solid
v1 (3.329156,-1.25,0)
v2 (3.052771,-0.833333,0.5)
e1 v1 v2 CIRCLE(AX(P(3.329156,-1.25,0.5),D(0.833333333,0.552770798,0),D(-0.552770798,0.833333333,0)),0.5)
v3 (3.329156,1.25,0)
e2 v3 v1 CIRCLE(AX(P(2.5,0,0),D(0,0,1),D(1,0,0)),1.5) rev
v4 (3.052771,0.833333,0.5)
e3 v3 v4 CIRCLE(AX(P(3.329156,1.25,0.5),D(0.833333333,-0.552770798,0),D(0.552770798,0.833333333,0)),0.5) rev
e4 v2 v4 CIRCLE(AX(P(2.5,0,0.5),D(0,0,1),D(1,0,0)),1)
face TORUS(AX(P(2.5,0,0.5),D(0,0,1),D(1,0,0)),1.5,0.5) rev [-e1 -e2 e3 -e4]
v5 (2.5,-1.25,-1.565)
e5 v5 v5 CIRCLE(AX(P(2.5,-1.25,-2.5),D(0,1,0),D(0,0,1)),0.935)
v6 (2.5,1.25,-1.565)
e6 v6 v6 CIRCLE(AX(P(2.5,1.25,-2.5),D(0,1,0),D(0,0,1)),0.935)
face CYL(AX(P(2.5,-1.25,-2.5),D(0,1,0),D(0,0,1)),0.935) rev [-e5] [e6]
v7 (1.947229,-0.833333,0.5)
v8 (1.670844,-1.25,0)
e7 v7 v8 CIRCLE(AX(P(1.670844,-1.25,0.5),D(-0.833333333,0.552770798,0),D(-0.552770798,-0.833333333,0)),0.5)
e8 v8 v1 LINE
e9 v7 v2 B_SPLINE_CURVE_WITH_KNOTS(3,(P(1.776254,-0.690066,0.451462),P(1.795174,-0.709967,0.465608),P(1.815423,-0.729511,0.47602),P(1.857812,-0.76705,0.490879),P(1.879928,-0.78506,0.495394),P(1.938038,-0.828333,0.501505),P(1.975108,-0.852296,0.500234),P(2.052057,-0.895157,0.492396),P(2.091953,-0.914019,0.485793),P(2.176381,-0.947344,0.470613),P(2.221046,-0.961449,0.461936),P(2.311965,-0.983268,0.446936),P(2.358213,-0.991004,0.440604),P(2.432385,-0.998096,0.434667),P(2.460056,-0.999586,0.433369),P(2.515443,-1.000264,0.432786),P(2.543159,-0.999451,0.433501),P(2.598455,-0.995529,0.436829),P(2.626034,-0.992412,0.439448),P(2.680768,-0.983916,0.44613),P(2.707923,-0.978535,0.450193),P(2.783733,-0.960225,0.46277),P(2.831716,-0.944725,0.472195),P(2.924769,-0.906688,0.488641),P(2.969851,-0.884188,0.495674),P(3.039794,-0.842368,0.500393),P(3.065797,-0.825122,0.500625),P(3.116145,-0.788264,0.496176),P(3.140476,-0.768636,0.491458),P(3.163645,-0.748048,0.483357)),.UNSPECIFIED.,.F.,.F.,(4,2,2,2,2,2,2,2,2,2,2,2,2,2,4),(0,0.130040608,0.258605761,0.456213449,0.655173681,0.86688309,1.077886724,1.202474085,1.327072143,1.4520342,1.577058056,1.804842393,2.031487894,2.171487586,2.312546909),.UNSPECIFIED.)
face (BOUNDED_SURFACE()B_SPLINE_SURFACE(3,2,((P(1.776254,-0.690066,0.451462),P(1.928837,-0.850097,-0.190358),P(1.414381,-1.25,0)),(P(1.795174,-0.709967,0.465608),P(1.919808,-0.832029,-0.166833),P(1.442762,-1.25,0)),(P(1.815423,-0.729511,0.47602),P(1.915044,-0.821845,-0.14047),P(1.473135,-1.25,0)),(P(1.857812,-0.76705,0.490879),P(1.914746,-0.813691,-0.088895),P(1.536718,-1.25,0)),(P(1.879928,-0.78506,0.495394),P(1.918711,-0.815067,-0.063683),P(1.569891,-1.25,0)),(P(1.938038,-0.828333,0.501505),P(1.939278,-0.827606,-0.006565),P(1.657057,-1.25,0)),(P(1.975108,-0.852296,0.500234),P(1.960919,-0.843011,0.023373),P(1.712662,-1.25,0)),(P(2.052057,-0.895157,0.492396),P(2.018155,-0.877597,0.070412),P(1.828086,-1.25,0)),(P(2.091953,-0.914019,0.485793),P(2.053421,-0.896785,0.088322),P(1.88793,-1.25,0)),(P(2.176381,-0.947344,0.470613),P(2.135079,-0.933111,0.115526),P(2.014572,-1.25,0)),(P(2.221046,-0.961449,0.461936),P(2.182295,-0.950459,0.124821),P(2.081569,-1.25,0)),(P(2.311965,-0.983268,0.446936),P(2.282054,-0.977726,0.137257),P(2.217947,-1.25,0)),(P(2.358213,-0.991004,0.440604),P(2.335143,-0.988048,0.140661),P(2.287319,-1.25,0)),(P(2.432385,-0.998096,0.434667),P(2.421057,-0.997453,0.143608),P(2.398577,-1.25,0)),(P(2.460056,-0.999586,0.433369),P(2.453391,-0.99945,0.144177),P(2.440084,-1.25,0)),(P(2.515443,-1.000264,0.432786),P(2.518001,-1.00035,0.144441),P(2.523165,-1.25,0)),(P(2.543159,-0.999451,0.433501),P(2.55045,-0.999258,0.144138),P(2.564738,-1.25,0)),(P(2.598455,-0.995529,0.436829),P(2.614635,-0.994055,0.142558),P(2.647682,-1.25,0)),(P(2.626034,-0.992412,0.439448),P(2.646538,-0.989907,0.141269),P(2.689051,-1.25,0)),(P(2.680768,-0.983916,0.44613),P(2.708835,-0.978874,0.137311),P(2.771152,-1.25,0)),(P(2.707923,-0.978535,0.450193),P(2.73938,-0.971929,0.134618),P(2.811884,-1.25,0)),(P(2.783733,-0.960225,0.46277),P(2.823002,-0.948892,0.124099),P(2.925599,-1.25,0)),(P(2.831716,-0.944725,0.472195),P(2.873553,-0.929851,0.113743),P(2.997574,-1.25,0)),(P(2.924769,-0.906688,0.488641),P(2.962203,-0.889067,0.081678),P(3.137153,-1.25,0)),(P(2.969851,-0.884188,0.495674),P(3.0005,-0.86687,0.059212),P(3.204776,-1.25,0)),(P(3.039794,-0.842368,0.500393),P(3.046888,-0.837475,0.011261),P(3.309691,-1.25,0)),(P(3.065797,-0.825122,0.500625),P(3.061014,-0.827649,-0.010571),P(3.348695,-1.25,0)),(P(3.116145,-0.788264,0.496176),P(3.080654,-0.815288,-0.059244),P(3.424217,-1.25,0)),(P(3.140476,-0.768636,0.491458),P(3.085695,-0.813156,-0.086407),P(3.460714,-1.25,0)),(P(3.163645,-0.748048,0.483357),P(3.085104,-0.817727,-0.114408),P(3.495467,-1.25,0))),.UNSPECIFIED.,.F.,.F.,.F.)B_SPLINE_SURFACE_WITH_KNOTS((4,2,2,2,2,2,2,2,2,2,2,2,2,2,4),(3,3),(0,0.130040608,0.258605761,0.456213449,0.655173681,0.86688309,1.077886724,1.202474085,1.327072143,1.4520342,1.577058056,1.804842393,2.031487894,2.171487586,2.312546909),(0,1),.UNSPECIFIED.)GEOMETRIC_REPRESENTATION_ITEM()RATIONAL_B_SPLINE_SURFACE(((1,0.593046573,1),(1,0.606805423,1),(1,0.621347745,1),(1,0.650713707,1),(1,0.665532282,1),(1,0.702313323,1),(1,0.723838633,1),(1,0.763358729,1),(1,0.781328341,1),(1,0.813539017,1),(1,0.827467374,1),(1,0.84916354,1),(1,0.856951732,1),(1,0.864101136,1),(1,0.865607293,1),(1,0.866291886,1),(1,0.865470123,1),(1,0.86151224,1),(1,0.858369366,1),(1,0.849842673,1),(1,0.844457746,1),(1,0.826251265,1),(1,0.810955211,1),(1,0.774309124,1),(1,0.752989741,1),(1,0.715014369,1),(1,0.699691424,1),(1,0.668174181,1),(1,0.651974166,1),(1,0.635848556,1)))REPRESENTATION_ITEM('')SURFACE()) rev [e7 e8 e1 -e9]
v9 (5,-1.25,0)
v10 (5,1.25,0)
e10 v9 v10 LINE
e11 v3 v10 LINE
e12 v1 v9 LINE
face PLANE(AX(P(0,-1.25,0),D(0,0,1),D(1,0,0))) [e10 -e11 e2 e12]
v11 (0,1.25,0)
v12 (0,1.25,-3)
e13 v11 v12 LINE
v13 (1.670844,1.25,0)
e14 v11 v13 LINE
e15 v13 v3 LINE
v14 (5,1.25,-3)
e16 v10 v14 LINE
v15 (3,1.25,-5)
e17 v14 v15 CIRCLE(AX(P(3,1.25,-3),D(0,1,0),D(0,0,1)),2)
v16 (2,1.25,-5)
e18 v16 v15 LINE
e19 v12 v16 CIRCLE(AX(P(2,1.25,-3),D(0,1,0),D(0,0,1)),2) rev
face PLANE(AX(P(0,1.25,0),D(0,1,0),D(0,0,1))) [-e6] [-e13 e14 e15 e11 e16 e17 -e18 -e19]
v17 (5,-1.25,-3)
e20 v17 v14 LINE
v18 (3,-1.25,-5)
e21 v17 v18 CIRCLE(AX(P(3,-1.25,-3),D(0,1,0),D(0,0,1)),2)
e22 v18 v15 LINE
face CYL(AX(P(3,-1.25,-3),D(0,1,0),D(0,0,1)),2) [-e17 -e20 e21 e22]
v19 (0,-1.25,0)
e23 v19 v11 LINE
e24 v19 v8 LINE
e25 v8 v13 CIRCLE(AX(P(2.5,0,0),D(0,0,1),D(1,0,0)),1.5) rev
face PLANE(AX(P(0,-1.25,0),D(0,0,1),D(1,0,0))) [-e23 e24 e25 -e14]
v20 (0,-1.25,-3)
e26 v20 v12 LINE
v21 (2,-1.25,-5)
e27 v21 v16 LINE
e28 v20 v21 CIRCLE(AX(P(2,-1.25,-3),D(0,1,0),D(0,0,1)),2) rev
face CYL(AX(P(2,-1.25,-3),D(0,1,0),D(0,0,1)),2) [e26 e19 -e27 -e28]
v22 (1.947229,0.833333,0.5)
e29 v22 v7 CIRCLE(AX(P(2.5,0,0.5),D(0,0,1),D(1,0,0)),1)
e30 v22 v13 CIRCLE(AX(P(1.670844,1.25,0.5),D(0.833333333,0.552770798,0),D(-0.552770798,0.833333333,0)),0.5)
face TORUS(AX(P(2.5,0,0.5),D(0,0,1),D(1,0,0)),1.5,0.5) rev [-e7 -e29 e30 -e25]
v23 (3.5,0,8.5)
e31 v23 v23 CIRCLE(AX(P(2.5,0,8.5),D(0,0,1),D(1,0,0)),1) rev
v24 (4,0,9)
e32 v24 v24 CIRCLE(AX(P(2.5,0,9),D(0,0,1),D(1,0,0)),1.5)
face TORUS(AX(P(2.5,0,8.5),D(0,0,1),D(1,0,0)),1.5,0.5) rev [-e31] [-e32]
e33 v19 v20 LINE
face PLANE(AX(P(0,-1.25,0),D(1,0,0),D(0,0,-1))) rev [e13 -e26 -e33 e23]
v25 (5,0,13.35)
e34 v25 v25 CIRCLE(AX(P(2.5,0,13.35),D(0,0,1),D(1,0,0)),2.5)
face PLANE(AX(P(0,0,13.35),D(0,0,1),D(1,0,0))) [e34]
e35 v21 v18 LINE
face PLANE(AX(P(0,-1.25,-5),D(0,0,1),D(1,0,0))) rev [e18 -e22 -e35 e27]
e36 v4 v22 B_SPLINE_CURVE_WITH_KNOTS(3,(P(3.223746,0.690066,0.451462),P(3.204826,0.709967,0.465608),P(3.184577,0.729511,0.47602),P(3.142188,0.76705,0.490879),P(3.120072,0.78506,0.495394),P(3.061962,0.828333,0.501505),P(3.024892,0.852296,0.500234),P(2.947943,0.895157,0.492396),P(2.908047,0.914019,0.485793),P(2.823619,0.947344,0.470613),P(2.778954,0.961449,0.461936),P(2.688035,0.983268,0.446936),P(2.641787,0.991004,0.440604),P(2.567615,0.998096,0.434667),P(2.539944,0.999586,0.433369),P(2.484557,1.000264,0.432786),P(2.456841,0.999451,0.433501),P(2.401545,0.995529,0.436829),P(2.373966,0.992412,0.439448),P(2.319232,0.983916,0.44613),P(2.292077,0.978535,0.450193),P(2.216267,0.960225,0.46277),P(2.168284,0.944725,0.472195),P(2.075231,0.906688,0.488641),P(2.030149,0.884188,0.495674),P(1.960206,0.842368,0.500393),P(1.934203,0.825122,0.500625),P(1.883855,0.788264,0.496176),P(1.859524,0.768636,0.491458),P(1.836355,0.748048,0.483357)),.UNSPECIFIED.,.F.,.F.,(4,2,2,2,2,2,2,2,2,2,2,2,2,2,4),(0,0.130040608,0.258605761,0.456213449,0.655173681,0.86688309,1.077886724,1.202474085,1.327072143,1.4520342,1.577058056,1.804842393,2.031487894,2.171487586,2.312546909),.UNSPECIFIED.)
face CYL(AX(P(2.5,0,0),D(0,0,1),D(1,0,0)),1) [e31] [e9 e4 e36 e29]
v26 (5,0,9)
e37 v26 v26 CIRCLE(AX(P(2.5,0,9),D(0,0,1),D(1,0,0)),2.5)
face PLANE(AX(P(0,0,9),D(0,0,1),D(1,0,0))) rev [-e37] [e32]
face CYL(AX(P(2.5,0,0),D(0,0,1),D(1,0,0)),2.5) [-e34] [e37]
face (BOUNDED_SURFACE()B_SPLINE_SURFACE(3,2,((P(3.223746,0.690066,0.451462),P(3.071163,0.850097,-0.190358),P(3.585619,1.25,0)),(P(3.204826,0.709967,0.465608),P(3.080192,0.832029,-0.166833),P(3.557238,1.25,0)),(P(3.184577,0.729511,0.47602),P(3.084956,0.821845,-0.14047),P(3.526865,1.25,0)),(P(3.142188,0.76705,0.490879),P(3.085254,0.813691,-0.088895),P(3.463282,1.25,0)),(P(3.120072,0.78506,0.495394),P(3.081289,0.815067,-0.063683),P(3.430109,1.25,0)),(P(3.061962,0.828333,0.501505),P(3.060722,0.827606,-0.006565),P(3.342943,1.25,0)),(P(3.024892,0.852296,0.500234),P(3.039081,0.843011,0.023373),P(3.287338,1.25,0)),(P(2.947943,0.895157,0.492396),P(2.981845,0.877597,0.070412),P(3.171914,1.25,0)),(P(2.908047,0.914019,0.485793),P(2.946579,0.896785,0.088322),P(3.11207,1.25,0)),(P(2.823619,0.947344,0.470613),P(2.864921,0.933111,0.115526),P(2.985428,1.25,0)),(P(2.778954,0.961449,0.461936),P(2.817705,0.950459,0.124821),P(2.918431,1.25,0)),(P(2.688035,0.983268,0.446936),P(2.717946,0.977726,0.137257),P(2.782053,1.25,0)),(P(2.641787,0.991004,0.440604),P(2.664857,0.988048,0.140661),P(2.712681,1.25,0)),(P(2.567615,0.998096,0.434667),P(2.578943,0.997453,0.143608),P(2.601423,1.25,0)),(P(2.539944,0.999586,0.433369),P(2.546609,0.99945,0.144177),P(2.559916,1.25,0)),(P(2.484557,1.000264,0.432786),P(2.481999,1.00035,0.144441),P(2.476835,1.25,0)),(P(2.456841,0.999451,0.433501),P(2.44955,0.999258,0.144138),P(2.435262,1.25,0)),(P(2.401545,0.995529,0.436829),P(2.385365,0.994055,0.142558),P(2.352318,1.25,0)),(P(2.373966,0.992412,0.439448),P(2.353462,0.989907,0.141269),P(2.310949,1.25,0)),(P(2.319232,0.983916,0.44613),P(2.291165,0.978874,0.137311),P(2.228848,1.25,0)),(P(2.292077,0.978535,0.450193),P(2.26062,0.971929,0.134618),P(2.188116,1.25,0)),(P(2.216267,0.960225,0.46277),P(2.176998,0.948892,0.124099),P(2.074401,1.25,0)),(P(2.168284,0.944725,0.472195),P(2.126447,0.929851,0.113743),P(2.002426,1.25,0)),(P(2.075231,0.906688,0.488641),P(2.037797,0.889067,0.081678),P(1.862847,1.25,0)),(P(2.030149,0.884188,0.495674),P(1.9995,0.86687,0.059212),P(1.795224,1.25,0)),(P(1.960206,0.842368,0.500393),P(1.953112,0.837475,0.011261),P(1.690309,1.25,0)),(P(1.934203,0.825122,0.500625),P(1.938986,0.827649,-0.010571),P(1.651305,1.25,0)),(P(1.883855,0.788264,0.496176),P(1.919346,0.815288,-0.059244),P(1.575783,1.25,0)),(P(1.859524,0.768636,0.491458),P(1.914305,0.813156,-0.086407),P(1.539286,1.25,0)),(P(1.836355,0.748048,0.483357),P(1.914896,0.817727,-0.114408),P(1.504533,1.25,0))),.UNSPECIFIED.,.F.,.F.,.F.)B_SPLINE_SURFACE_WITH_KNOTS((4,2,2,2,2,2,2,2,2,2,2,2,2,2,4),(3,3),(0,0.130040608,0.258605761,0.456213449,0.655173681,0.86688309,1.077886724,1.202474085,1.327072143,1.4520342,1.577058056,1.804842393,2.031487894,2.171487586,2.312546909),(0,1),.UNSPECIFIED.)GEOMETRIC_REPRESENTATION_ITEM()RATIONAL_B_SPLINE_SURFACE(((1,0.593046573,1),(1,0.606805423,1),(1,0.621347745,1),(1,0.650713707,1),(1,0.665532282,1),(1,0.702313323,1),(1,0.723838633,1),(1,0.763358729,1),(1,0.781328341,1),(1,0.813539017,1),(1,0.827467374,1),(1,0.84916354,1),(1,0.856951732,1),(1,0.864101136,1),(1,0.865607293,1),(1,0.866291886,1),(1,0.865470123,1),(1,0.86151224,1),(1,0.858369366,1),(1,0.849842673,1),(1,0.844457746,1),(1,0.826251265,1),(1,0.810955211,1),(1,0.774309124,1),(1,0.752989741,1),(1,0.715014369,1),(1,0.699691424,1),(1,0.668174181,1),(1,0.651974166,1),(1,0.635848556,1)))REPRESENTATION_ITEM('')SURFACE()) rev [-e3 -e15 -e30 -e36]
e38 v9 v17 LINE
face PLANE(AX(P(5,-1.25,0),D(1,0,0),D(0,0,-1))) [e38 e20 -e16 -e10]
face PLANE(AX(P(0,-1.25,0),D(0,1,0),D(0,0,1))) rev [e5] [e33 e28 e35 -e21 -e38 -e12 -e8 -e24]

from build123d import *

# Parameters (mm, degrees)
SKETCH1_W                = 1
SKETCH1_H                = 9
SKETCH1_3_R              = 0.935
BOSS_EXTRUDE1_DEPTH      = 1.25
BOSS_EXTRUDE1_DEPTH_BACK = 1.25
FILLET1_R                = 0.5
FILLET2_R                = 0.5


with BuildPart() as part:
    # Sketch1 → Revolve1 (revolve)
    with BuildSketch(Plane(origin=(0, 0, 0), x_dir=(1, 0, 0), z_dir=(0, 1, 0))):
        with Locations((3, -4.5)):
            Rectangle(SKETCH1_W, SKETCH1_H)
    revolve(axis=Axis((2.5, 0, 0), (0, 0, -1)))

    # Sketch1_3 → Boss-Extrude1 (add, two sides)
    with BuildSketch(Plane(origin=(0, 0, 0), x_dir=(1, 0, 0), z_dir=(0, 1, 0))) as boss_extrude1_sk:
        with BuildLine():
            Line((0, 0), (5, 0))
            Line((5, 0), (5, 3))
            ThreePointArc((5, 3), (4.414213562, 4.414213562), (3, 5))
            Line((3, 5), (2, 5))
            ThreePointArc((2, 5), (0.585786438, 4.414213562), (0, 3))
            Line((0, 3), (0, 0))
        make_face()
        with Locations((2.5, 2.5)):
            Circle(SKETCH1_3_R, mode=Mode.SUBTRACT)
    extrude(amount=BOSS_EXTRUDE1_DEPTH)
    extrude(boss_extrude1_sk.sketch, amount=-BOSS_EXTRUDE1_DEPTH_BACK)

    # Fillet1
    fillet1_edges = [part.edges().sort_by_distance(p)[0] for p in [
        (1.5, 0, 0),
    ]]
    fillet(fillet1_edges, radius=FILLET1_R)

    # Sketch1_4 → Revolve2 (revolve)
    with BuildSketch(Plane(origin=(0, 0, 0), x_dir=(1, 0, 0), z_dir=(0, 1, 0))):
        Polygon((3.5, -9), (2.5, -9), (2.5, -13.35), (5, -13.35), (5, -9), align=None)
    revolve(axis=Axis((2.5, 0, 0), (0, 0, -1)))

    # Fillet2
    fillet2_edges = [part.edges().sort_by_distance(p)[0] for p in [
        (1.5, 0, 9),
    ]]
    fillet(fillet2_edges, radius=FILLET2_R)


solid = part.part
